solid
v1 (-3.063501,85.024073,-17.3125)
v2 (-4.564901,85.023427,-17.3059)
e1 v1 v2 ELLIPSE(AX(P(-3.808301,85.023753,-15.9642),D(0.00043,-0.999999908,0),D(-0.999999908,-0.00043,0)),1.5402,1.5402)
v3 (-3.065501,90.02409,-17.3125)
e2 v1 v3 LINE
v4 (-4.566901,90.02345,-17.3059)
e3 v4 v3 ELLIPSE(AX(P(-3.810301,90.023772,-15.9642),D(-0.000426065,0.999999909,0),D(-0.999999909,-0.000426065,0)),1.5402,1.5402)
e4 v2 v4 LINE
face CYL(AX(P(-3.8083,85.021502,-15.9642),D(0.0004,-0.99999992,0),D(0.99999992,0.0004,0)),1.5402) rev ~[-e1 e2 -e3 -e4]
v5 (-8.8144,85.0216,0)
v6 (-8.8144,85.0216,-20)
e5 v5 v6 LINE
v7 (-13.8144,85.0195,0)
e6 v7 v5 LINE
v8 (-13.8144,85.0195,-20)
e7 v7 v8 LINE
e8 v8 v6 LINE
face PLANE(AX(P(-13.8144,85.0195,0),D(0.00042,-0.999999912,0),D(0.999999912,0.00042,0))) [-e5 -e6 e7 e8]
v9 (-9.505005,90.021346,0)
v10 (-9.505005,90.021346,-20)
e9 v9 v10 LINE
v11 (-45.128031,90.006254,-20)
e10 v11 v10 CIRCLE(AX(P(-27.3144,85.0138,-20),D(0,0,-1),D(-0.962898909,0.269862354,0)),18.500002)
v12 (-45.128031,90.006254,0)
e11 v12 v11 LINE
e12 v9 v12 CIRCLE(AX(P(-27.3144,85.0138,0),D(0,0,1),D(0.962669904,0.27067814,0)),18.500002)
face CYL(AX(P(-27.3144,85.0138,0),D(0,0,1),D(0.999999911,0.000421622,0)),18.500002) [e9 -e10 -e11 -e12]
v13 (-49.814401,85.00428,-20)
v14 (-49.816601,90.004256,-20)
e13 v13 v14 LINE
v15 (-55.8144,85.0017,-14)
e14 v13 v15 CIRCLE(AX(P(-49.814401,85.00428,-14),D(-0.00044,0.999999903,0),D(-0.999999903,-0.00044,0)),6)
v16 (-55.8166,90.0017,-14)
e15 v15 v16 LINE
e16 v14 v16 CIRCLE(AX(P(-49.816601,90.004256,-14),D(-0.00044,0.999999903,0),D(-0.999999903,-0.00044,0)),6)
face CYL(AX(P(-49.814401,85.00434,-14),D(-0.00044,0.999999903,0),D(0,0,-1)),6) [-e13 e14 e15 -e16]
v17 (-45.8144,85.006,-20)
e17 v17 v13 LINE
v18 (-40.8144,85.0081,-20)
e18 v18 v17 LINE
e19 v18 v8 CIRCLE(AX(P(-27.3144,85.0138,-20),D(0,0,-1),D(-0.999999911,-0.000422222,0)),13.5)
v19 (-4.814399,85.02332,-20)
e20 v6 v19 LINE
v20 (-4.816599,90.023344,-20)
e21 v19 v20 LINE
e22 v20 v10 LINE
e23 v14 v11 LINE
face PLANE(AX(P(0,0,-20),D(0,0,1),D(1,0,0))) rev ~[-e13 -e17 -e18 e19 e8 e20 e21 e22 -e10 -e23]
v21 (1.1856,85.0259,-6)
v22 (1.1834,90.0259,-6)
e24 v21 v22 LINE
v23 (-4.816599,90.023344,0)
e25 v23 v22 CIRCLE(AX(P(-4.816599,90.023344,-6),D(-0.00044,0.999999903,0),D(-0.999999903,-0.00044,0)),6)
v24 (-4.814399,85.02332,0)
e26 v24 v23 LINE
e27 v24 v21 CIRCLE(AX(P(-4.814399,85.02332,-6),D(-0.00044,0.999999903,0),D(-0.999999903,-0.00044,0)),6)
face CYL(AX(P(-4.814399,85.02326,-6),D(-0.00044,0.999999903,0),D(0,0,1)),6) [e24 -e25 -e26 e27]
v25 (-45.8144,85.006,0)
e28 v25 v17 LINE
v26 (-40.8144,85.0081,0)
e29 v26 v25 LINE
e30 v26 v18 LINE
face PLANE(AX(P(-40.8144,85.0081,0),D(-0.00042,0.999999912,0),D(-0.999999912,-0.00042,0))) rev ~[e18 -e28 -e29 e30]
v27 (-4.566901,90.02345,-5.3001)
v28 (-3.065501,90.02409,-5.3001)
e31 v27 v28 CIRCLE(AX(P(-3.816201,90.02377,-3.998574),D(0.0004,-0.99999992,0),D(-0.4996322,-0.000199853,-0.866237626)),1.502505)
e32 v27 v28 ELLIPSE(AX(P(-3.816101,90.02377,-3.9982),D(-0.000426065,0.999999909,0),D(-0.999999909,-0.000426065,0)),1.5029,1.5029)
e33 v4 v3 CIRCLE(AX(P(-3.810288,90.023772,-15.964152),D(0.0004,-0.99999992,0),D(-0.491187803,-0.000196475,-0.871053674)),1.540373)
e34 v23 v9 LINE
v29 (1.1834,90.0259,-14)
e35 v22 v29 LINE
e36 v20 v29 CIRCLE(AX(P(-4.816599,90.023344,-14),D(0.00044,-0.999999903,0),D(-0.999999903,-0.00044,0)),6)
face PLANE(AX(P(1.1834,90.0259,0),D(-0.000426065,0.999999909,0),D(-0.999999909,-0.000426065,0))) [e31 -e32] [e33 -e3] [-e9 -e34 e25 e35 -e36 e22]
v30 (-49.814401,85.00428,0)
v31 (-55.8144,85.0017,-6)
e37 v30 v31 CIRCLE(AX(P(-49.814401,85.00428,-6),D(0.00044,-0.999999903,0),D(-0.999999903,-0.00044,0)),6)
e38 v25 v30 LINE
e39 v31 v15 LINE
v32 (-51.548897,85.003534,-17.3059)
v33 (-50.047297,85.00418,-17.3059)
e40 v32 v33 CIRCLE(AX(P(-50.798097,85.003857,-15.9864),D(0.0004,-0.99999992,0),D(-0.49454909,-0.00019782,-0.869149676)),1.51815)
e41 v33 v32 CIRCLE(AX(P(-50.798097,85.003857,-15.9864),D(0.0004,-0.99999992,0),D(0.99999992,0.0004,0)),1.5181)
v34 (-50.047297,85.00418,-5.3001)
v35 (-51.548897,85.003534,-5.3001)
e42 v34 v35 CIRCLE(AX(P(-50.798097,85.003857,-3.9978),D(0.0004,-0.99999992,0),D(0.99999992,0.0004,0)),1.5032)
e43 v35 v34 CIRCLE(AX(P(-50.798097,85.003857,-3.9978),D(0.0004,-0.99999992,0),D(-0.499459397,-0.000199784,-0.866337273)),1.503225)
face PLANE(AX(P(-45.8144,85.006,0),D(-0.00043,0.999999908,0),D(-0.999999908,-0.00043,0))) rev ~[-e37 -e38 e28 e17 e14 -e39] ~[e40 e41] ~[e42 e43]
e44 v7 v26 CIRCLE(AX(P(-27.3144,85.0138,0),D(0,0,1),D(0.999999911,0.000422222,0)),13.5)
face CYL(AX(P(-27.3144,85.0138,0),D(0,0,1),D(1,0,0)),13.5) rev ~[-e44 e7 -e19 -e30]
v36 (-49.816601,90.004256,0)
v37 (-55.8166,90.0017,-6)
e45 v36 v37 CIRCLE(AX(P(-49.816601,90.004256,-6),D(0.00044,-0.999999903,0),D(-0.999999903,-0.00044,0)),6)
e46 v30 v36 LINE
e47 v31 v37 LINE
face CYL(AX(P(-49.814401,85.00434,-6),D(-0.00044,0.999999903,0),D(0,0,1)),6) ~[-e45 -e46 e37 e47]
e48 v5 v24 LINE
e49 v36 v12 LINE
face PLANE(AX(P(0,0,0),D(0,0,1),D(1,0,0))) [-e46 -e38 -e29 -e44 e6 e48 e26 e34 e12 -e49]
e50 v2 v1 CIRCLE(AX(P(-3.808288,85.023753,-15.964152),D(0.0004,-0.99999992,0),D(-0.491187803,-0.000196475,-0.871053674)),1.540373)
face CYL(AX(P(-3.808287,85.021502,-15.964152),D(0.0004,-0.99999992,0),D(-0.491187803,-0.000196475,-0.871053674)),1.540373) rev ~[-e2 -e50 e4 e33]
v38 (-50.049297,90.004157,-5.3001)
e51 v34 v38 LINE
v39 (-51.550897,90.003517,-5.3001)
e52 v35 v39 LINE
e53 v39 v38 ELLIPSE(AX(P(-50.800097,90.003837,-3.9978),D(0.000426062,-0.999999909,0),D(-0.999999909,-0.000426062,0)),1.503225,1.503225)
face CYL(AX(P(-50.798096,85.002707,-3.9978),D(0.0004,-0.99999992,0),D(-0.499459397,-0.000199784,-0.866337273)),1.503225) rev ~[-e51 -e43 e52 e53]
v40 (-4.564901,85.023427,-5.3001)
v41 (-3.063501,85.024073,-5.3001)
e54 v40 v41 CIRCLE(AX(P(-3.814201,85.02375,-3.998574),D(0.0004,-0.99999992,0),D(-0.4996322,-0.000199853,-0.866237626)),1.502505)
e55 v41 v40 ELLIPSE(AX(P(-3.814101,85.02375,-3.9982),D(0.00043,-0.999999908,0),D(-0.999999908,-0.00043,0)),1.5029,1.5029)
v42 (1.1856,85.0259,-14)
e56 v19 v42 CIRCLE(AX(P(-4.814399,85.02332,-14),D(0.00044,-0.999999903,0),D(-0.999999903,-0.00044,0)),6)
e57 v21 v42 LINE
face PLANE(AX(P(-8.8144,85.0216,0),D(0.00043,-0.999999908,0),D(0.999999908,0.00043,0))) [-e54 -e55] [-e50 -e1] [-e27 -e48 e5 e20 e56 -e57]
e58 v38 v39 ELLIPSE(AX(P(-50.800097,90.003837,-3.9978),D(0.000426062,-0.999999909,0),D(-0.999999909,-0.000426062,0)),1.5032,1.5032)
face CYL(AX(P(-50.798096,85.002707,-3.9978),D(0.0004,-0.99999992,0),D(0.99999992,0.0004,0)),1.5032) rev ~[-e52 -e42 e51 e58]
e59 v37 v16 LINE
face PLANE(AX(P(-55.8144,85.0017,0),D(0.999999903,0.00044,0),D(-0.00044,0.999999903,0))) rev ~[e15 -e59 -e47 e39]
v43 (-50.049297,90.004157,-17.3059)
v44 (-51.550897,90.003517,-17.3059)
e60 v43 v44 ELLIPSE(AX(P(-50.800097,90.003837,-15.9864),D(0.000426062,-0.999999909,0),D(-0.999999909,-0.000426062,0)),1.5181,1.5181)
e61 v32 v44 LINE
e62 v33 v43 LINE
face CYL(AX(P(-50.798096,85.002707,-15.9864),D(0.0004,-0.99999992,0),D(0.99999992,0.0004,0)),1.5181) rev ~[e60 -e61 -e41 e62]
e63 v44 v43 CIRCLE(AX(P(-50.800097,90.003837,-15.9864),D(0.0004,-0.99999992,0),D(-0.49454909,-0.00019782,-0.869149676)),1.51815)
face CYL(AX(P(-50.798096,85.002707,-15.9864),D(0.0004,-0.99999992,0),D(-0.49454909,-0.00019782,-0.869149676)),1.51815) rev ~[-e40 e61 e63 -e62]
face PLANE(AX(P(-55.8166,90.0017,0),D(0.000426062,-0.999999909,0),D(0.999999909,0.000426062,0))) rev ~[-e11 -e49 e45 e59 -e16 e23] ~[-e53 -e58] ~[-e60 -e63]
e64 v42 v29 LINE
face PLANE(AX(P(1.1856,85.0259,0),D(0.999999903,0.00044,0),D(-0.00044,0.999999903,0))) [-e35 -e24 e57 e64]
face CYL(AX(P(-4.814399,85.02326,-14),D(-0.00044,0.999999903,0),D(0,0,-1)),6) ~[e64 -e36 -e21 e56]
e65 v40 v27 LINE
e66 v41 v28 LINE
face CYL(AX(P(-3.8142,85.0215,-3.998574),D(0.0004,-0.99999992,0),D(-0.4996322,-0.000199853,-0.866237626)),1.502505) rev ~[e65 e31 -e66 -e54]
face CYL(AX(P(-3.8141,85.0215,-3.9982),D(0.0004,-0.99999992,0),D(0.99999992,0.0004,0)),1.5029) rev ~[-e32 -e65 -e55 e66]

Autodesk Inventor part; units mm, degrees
ref_plane "YZ Plane" through (0, 0, 0) normal (1, 0, 0) x (0, 1, 0)
ref_plane "XZ Plane" through (0, 0, 0) normal (0, 1, 0) x (-1, 0, 0)
ref_plane "XY Plane" through (0, 0, 0) normal (0, 0, 1) x (1, 0, 0)
ref_plane "Plano de trabalho1" through (0, 0, 0) normal (0, 0, 1) x (1, 0, 0)
sketch "Esboço1" plane through (0, 0, 0) normal (0, 0, 1) x (1, 0, 0)
  arc A0 (-40.8144, 85.0081) -> (-13.8144, 85.0195) centre (-27.3144, 85.0138) ccw
  circle A1 centre (-27.3144, 85.0138) radius 13.5
  line L0 (-40.8144, 85.0081) -> (-45.8144, 85.006)
  line L1 (-45.8144, 85.006) -> (-55.8144, 85.0017)
  line L2 (-55.8144, 85.0017) -> (-13.8144, 85.0195)
  line L3 (-13.8144, 85.0195) -> (-8.8144, 85.0216)
  line L4 (-8.8144, 85.0216) -> (1.1856, 85.0259)
  line L5 (1.1856, 85.0259) -> (1.1834, 90.0259)
  line L6 (1.1834, 90.0259) -> (-14.7766, 90.0191)
  line L7 (-55.8144, 85.0017) -> (-55.8166, 90.0017)
  line L8 (-55.8166, 90.0017) -> (-39.8565, 90.0085)
  line L9 (-27.3144, 98.5138) -> (-27.3166, 103.5138)
  arc A2 (-8.8144, 85.0216) -> (-45.8144, 85.006) centre (-27.3144, 85.0138) ccw
  point P0 (0, 0)
  point P1 (-40.8144, 85.0081)
  point P2 (-13.8144, 85.0195)
  point P3 (-9.5051, 90.0213)
  point P4 (-45.1281, 90.0062)
  dimension "d0" = 27
  dimension "d1" = 13.5
  dimension "d2" = 5
  dimension "d3" = 10
  dimension "d4" = 5
  dimension "d5" = 10
  dimension "d6" = 5
  dimension "d7" = 5
  dimension "d8" = 5
extrude "Extrusão1" add sketch "Esboço1" against normal blind 20 contours L0 A2 L8 A1 | L8 A2 L9 A1 | L1 L7 L8 A2 | A1 L6 A2 L3 | L9 A2 L6 A1 | A2 L6 L5 L4
fillet "Arredondamento1" radius 6 4 edges at (1.1845, 87.5259, 0) (1.1845, 87.5259, -20) (-55.8155, 87.5017, 0) (-55.8155, 87.5017, -20)
sketch "Esboço2" plane through (-13.8144, 85.0195, -20) normal (0.0004, -1, 0) x (1, 0.0004, 0)
  arc A0 (9.2495, 14.6999) -> (10.7509, 14.6999) centre (10.0003, 16.0018) ccw
  circle A1 centre (10.0003, 16.0018) radius 1.5029
  arc A2 (9.2495, 2.6941) -> (10.7509, 2.6875) centre (10.0061, 4.0358) ccw
  circle A3 centre (10.0061, 4.0358) radius 1.5402
  arc A4 (-37.7345, 14.6999) -> (-36.2329, 14.6999) centre (-36.9837, 16.0022) ccw
  circle A5 centre (-36.9837, 16.0022) radius 1.5032
  line L0 (-36.2329, 2.6941) -> (-37.7345, 2.6941)
  line L1 (-37.7345, 2.6941) -> (-36.2546, 4.1926)
  arc A6 (-37.7345, 2.6941) -> (-36.2329, 2.6941) centre (-36.9837, 4.0136) ccw
  circle A7 centre (-36.9837, 4.0136) radius 1.5181
  point P0 (13.7784, 20)
  point P1 (10.7509, 2.6875)
  point P2 (9.2495, 2.6941)
  point P3 (10.7509, 14.6999)
  point P4 (9.2495, 14.6999)
  point P5 (-36.2329, 14.6999)
  point P6 (-37.7345, 14.6999)
  point P7 (-37.7345, 2.6941)
  point P8 (-36.2329, 2.6941)
extrude "Extrusão2" cut sketch "Esboço2" against normal blind 20
properties part number "Capa suporte"
